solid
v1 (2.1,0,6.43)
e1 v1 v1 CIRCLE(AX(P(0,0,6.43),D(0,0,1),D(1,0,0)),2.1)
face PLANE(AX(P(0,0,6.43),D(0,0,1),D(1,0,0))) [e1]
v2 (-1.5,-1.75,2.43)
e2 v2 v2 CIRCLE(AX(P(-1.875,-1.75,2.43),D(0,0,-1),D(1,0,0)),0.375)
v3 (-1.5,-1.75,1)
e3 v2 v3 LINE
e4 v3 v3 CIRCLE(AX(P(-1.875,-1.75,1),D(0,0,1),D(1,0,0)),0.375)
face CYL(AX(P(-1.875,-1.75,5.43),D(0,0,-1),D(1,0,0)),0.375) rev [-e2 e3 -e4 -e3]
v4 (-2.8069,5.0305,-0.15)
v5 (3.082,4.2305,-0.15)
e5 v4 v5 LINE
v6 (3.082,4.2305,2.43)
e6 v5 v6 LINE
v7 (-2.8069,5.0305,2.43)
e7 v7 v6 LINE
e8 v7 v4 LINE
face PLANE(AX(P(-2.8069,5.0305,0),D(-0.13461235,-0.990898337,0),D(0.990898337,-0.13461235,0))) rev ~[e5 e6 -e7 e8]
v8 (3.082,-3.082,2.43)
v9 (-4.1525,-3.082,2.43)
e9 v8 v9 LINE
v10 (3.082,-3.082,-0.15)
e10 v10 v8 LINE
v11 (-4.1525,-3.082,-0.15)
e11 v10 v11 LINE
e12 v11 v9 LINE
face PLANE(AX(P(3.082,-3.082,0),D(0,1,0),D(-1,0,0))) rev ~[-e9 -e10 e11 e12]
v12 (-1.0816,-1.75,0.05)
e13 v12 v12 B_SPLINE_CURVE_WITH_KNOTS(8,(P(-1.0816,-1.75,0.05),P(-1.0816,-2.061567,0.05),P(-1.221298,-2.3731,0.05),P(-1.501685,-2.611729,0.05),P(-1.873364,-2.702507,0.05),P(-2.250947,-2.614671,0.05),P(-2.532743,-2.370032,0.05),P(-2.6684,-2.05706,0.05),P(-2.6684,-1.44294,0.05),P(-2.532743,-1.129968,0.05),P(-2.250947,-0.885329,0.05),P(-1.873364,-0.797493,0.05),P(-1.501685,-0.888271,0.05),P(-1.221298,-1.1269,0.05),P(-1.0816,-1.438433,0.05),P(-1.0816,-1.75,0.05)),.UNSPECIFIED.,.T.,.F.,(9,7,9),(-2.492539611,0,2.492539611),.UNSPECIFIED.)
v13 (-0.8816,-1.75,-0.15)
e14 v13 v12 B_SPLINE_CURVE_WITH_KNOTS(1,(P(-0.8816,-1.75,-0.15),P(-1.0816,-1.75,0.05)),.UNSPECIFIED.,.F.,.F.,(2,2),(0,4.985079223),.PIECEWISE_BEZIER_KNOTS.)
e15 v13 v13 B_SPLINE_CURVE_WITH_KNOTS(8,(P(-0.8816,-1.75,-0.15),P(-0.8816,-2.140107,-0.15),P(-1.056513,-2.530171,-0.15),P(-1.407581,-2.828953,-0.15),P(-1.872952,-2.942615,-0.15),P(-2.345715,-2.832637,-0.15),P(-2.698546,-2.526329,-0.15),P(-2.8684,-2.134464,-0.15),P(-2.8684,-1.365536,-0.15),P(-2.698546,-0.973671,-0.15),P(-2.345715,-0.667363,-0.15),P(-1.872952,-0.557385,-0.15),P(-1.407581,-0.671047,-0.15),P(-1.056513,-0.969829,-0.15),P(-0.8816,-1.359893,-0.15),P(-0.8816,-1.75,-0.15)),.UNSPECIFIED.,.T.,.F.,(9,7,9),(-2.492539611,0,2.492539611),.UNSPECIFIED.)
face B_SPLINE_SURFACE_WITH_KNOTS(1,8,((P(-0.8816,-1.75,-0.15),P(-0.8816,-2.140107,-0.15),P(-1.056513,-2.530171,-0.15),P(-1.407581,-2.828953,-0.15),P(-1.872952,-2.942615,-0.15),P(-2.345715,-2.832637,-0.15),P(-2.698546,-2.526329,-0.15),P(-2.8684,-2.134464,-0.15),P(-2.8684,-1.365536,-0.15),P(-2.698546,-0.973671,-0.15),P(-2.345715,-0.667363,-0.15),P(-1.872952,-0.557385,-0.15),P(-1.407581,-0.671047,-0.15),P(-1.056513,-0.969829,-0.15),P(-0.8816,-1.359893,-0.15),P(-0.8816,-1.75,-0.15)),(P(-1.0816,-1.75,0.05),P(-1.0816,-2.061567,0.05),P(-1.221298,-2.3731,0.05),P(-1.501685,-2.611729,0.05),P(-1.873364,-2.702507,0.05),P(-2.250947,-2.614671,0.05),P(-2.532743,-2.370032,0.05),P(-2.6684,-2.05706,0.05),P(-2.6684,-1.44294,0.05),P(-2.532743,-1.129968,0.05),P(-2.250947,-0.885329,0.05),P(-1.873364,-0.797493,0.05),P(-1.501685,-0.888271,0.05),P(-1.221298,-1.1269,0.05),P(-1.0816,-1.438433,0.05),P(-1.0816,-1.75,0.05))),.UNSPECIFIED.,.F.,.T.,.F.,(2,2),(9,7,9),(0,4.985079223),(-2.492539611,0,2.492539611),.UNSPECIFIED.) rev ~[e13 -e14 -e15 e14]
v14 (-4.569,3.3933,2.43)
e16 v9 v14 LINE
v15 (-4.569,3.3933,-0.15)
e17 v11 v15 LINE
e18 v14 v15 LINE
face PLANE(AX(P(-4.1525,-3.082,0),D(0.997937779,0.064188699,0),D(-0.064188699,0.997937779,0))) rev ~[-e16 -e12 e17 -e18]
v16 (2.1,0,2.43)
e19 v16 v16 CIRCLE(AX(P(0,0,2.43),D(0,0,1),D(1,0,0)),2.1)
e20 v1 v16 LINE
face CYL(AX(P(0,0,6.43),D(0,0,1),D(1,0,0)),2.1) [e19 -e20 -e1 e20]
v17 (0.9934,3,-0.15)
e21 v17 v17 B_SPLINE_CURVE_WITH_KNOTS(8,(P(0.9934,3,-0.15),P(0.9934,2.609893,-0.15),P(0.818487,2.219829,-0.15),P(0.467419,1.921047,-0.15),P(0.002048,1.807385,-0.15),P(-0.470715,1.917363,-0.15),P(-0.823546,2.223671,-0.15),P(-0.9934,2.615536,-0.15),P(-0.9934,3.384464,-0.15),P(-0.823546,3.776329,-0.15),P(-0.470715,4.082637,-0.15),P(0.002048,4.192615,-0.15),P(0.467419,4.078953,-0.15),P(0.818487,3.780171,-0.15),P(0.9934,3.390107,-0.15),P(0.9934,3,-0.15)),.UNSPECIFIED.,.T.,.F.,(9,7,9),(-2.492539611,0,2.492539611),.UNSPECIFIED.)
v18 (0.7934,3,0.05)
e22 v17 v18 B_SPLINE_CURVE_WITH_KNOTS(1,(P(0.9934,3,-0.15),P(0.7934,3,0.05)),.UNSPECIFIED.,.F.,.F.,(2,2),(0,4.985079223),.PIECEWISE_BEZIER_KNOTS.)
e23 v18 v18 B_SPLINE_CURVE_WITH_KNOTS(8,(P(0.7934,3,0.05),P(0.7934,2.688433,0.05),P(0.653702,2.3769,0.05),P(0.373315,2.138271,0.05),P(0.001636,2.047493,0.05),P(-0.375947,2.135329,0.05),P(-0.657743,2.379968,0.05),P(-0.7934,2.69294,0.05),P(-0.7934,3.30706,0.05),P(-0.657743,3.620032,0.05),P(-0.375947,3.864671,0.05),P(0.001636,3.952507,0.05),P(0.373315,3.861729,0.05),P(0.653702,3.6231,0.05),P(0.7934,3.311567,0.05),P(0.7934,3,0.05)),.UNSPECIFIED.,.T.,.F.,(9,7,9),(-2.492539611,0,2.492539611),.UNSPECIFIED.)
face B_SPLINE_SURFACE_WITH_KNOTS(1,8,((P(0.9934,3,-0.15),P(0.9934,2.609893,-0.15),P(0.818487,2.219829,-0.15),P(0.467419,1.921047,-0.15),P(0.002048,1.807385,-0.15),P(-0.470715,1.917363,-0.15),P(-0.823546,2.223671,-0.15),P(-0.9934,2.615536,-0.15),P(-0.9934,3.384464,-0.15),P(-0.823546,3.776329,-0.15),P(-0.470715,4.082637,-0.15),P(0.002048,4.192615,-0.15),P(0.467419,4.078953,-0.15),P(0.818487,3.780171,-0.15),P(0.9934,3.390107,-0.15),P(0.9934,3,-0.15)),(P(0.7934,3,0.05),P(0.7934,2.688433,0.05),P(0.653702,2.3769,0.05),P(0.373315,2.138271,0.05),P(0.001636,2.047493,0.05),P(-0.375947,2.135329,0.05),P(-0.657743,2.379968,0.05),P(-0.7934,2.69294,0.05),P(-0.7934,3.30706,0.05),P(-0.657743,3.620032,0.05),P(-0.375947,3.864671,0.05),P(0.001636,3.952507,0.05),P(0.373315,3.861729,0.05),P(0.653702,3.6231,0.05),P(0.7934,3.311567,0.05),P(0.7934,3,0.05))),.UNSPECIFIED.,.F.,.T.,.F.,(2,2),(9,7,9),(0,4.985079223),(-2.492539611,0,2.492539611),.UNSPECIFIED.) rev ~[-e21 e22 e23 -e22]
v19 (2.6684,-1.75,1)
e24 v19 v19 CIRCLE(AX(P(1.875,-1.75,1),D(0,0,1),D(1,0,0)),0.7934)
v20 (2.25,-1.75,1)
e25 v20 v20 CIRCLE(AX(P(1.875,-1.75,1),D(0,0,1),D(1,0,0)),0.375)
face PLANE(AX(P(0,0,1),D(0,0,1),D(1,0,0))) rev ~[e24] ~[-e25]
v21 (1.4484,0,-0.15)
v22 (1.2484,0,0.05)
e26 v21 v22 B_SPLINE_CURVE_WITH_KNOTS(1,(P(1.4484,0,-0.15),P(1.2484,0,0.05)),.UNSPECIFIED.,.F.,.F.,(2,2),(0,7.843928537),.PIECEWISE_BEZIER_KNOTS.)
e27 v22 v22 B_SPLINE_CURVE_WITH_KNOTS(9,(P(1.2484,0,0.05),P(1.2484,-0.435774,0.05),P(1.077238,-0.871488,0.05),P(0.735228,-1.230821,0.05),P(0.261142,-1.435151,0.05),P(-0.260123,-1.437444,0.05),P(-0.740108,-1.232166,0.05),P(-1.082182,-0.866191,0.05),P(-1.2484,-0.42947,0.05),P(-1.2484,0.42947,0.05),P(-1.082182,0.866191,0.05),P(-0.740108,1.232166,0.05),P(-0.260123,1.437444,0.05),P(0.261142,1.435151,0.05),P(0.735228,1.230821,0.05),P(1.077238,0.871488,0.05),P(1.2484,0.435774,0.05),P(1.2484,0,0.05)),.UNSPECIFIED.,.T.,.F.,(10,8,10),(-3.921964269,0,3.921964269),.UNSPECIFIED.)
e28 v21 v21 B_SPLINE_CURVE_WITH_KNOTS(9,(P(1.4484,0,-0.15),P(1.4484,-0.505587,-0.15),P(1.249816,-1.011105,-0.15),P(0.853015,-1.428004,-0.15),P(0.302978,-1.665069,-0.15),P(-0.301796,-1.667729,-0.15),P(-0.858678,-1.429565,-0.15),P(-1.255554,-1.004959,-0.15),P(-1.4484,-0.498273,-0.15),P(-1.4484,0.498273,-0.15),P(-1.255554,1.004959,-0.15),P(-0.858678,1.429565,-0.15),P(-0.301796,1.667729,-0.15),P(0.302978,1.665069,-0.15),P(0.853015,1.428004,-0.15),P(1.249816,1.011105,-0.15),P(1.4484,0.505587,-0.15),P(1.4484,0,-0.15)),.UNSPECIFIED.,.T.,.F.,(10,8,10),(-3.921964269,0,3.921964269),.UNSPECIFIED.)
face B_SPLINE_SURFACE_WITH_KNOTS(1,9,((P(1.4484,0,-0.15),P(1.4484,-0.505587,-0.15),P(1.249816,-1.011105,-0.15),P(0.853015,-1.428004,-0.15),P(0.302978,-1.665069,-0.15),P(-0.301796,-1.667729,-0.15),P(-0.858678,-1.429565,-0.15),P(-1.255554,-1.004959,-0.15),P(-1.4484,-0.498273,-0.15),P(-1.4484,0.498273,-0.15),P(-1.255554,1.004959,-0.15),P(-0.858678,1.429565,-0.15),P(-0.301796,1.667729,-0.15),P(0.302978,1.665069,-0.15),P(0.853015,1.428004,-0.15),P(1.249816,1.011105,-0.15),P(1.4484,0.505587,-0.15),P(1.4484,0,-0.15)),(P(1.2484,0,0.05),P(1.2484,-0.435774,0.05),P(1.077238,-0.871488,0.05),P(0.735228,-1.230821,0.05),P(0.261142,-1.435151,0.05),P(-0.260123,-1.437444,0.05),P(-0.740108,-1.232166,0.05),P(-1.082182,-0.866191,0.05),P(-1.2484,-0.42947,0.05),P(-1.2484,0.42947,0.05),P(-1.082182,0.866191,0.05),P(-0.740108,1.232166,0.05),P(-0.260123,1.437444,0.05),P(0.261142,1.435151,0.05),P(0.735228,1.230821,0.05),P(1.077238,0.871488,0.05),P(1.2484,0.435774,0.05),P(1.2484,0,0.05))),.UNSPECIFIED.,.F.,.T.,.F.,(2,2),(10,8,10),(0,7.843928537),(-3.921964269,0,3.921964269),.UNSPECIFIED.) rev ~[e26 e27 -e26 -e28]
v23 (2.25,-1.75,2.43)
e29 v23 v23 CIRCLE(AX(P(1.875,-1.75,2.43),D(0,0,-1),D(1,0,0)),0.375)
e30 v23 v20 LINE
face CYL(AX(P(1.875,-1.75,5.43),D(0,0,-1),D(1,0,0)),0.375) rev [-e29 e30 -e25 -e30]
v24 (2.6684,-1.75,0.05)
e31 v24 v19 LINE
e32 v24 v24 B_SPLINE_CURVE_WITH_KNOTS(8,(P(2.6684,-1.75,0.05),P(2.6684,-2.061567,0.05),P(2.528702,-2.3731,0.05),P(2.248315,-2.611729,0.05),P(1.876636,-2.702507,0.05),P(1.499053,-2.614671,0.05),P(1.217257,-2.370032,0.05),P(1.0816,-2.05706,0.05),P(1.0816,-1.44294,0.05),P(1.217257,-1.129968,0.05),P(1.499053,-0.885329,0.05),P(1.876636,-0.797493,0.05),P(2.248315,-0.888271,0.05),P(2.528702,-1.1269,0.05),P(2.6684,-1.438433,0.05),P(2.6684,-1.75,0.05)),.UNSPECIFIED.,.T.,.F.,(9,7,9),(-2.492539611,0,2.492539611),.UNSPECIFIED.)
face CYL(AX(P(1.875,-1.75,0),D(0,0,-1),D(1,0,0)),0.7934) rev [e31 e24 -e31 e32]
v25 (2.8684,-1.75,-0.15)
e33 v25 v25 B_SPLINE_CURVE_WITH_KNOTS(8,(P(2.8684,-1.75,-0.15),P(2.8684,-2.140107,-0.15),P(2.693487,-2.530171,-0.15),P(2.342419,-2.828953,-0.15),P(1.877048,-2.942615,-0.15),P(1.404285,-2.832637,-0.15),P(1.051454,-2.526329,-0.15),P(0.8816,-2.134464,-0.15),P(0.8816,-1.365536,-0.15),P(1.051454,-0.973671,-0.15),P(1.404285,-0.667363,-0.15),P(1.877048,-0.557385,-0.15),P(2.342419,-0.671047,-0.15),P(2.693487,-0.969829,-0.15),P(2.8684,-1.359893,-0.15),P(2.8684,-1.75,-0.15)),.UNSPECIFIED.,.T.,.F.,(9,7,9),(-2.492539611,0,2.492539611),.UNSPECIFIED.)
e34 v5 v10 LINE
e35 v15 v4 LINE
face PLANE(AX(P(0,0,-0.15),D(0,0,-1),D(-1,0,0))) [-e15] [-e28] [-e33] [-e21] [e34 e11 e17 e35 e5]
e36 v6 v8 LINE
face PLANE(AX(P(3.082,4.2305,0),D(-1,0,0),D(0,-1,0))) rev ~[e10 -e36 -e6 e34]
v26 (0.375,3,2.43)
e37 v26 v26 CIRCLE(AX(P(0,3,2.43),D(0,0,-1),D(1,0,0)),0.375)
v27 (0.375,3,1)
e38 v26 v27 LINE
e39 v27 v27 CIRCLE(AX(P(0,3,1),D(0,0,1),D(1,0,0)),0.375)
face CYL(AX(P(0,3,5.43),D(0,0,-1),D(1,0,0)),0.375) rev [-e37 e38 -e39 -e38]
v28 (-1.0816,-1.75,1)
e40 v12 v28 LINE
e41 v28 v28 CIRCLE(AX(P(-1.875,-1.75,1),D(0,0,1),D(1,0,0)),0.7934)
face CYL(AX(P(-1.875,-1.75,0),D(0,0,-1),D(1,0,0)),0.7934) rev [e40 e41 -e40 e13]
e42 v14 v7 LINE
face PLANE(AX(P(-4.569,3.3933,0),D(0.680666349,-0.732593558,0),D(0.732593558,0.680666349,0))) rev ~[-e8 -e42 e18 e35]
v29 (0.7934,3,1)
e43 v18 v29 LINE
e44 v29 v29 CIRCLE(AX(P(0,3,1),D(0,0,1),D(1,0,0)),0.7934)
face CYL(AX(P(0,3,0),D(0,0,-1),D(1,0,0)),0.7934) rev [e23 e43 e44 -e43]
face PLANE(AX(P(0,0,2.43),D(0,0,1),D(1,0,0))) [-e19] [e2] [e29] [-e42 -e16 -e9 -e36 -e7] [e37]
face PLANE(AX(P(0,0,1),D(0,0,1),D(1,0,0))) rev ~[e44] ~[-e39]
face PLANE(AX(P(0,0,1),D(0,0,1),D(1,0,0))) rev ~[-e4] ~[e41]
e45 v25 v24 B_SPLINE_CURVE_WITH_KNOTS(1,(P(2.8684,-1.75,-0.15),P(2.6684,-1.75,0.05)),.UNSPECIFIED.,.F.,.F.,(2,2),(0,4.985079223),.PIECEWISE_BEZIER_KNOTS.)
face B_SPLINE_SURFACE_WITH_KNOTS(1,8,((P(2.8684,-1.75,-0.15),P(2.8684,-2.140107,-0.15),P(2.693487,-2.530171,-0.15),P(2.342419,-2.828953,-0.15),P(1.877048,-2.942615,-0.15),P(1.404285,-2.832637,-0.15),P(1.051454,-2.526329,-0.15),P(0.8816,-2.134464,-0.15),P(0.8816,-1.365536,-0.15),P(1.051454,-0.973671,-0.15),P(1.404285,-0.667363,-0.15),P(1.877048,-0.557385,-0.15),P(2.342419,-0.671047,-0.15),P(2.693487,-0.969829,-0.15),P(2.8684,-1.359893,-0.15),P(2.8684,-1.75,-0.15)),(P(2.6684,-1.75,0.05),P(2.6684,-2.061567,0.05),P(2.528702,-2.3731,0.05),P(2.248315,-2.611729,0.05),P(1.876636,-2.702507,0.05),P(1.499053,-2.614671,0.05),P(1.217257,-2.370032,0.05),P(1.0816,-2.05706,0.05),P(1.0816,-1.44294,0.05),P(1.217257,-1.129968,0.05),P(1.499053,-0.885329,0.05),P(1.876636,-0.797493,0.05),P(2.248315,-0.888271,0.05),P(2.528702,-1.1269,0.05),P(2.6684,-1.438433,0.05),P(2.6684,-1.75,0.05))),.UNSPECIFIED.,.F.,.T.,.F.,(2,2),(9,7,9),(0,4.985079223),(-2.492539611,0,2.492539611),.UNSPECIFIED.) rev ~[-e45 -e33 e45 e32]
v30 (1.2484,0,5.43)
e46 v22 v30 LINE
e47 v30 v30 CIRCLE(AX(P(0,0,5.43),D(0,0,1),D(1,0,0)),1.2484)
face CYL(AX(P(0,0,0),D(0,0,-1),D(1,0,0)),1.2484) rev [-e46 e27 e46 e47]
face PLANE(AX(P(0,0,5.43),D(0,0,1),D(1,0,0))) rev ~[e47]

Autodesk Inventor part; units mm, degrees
ref_plane "YZ Plane" through (0, 0, 0) normal (1, 0, 0) x (0, 1, 0)
ref_plane "XZ Plane" through (0, 0, 0) normal (0, 1, 0) x (-1, 0, 0)
ref_plane "XY Plane" through (0, 0, 0) normal (0, 0, 1) x (1, 0, 0)
sketch "Sketch1" plane through (0, 0, 0) normal (0, 0, 1) x (1, 0, 0)
  line L0 (-2.8403, 5.136) -> (-4.6718, 3.4343)
  line L1 (-4.2463, -3.182) -> (-4.6718, 3.4343)
  line L2 (-4.2463, -3.182) -> (3.182, -3.182)
  line L3 (3.182, -3.182) -> (3.182, 4.3178)
  line L4 (-2.8403, 5.136) -> (3.182, 4.3178)
  circle A0 centre (0, 0) radius 1.2484
  circle A1 centre (0, 3) radius 0.7934
  circle A2 centre (-1.875, -1.75) radius 0.7934
  circle A3 centre (1.875, -1.75) radius 0.7934
  line L5 (-4.569, 3.3933) -> (-2.8069, 5.0305)
  line L6 (-2.8069, 5.0305) -> (3.082, 4.2305)
  line L7 (3.082, 4.2305) -> (3.082, -3.082)
  line L8 (3.082, -3.082) -> (-4.1525, -3.082)
  line L9 (-4.1525, -3.082) -> (-4.569, 3.3933)
  dimension "d0" = 0.1
extrude "Extrusion1" add sketch "Sketch1" along normal blind 1 contours L5 L6 L7 L8 L9
sketch "Sketch2" plane through (0, 0, 1) normal (0, 0, 1) x (1, 0, 0)
  line L0 (-2.8403, 5.136) -> (-4.6718, 3.4343)
  line L1 (-4.2463, -3.182) -> (-4.6718, 3.4343)
  line L2 (-4.2463, -3.182) -> (3.182, -3.182)
  line L3 (3.182, -3.182) -> (3.182, 4.3178)
  line L4 (-2.8403, 5.136) -> (3.182, 4.3178)
  circle A0 centre (0, 0) radius 1.2484
  circle A1 centre (0, 3) radius 0.7934
  circle A2 centre (-1.875, -1.75) radius 0.7934
  circle A3 centre (1.875, -1.75) radius 0.7934
  line L5 (-4.569, 3.3933) -> (-2.8069, 5.0305)
  line L6 (-2.8069, 5.0305) -> (3.082, 4.2305)
  line L7 (3.082, 4.2305) -> (3.082, -3.082)
  line L8 (3.082, -3.082) -> (-4.1525, -3.082)
  line L9 (-4.1525, -3.082) -> (-4.569, 3.3933)
  circle A4 centre (0, 3) radius 0.375
  circle A5 centre (1.875, -1.75) radius 0.375
  circle A6 centre (-1.875, -1.75) radius 0.375
  dimension "d3" = 0.1
  dimension "d4" = 1.5869
  dimension "d5" = 0.75
  dimension "d6" = 0.75
  dimension "d7" = 0.75
extrude "Extrusion2" add sketch "Sketch2" along normal blind 4.43 contours A1 | A2 | A3 | L5 L6 L7 L8 L9
sketch "Sketch3" plane through (0, 0, 5.43) normal (0, 0, 1) x (1, 0, 0)
  line L0 (-2.8403, 5.136) -> (-4.6718, 3.4343)
  line L1 (-4.2463, -3.182) -> (-4.6718, 3.4343)
  line L2 (-4.2463, -3.182) -> (3.182, -3.182)
  line L3 (3.182, -3.182) -> (3.182, 4.3178)
  line L4 (-2.8403, 5.136) -> (3.182, 4.3178)
  circle A0 centre (0, 0) radius 1.2484
  circle A1 centre (0, 3) radius 0.7934
  circle A2 centre (-1.875, -1.75) radius 0.7934
  circle A3 centre (1.875, -1.75) radius 0.7934
  line L5 (-4.569, 3.3933) -> (-2.8069, 5.0305)
  line L6 (-2.8069, 5.0305) -> (3.082, 4.2305)
  line L7 (3.082, 4.2305) -> (3.082, -3.082)
  line L8 (3.082, -3.082) -> (-4.1525, -3.082)
  line L9 (-4.1525, -3.082) -> (-4.569, 3.3933)
  circle A4 centre (0, 3) radius 0.375
  circle A5 centre (1.875, -1.75) radius 0.375
  circle A6 centre (-1.875, -1.75) radius 0.375
  dimension "d10" = 0.1
  dimension "d11" = 1.5869
  dimension "d12" = 0.75
  dimension "d13" = 0.75
  dimension "d14" = 0.75
extrude "Extrusion3" add sketch "Sketch3" along normal blind 1 contours A0 | A1 | A2 | A3 | L5 L6 L7 L8 L9
sketch "Sketch5" plane through (0, 0, 6.43) normal (0, 0, 1) x (1, 0, 0)
  circle A0 centre (0, 0) radius 1.2484 projected
  circle A1 centre (0, 0) radius 2.1
  line L0 (5.5495, -5.5229) -> (-7.4793, -5.5229)
  line L1 (-7.4793, -5.5229) -> (-7.4793, 6.9136)
  line L2 (-7.4793, 6.9136) -> (5.5495, 6.9136)
  line L3 (5.5495, 6.9136) -> (5.5495, -5.5229)
  dimension "d18" = 4.2
extrude "Extrusion4" cut sketch "Sketch5" against normal blind 4 contours L0 L1 L2 L3
sketch "Sketch6" plane through (0, 0, 0) normal (0, 0, -1) x (-1, 0, 0)
  circle A0 centre (0, 0) radius 1.2484 projected
  circle A1 centre (0, 3) radius 0.7934 projected
  circle A2 centre (1.875, -1.75) radius 0.7934 projected
  circle A3 centre (-1.875, -1.75) radius 0.7934 projected
  line L0 (4.569, 3.3933) -> (2.8069, 5.0305) projected
  line L1 (2.8069, 5.0305) -> (-3.082, 4.2305) projected
  line L2 (-3.082, 4.2305) -> (-3.082, -3.082) projected
  line L3 (-3.082, -3.082) -> (4.1525, -3.082) projected
  line L4 (4.1525, -3.082) -> (4.569, 3.3933) projected
extrude "Extrusion5" add sketch "Sketch6" along normal blind 0.15
chamfer "Chamfer1" distance 0.2 angle 45 4 edges at (-1.0816, -1.75, -0.15) (2.6684, -1.75, -0.15) (0.7934, 3, -0.15) (1.2484, 0, -0.15)
properties part number "Cover"
